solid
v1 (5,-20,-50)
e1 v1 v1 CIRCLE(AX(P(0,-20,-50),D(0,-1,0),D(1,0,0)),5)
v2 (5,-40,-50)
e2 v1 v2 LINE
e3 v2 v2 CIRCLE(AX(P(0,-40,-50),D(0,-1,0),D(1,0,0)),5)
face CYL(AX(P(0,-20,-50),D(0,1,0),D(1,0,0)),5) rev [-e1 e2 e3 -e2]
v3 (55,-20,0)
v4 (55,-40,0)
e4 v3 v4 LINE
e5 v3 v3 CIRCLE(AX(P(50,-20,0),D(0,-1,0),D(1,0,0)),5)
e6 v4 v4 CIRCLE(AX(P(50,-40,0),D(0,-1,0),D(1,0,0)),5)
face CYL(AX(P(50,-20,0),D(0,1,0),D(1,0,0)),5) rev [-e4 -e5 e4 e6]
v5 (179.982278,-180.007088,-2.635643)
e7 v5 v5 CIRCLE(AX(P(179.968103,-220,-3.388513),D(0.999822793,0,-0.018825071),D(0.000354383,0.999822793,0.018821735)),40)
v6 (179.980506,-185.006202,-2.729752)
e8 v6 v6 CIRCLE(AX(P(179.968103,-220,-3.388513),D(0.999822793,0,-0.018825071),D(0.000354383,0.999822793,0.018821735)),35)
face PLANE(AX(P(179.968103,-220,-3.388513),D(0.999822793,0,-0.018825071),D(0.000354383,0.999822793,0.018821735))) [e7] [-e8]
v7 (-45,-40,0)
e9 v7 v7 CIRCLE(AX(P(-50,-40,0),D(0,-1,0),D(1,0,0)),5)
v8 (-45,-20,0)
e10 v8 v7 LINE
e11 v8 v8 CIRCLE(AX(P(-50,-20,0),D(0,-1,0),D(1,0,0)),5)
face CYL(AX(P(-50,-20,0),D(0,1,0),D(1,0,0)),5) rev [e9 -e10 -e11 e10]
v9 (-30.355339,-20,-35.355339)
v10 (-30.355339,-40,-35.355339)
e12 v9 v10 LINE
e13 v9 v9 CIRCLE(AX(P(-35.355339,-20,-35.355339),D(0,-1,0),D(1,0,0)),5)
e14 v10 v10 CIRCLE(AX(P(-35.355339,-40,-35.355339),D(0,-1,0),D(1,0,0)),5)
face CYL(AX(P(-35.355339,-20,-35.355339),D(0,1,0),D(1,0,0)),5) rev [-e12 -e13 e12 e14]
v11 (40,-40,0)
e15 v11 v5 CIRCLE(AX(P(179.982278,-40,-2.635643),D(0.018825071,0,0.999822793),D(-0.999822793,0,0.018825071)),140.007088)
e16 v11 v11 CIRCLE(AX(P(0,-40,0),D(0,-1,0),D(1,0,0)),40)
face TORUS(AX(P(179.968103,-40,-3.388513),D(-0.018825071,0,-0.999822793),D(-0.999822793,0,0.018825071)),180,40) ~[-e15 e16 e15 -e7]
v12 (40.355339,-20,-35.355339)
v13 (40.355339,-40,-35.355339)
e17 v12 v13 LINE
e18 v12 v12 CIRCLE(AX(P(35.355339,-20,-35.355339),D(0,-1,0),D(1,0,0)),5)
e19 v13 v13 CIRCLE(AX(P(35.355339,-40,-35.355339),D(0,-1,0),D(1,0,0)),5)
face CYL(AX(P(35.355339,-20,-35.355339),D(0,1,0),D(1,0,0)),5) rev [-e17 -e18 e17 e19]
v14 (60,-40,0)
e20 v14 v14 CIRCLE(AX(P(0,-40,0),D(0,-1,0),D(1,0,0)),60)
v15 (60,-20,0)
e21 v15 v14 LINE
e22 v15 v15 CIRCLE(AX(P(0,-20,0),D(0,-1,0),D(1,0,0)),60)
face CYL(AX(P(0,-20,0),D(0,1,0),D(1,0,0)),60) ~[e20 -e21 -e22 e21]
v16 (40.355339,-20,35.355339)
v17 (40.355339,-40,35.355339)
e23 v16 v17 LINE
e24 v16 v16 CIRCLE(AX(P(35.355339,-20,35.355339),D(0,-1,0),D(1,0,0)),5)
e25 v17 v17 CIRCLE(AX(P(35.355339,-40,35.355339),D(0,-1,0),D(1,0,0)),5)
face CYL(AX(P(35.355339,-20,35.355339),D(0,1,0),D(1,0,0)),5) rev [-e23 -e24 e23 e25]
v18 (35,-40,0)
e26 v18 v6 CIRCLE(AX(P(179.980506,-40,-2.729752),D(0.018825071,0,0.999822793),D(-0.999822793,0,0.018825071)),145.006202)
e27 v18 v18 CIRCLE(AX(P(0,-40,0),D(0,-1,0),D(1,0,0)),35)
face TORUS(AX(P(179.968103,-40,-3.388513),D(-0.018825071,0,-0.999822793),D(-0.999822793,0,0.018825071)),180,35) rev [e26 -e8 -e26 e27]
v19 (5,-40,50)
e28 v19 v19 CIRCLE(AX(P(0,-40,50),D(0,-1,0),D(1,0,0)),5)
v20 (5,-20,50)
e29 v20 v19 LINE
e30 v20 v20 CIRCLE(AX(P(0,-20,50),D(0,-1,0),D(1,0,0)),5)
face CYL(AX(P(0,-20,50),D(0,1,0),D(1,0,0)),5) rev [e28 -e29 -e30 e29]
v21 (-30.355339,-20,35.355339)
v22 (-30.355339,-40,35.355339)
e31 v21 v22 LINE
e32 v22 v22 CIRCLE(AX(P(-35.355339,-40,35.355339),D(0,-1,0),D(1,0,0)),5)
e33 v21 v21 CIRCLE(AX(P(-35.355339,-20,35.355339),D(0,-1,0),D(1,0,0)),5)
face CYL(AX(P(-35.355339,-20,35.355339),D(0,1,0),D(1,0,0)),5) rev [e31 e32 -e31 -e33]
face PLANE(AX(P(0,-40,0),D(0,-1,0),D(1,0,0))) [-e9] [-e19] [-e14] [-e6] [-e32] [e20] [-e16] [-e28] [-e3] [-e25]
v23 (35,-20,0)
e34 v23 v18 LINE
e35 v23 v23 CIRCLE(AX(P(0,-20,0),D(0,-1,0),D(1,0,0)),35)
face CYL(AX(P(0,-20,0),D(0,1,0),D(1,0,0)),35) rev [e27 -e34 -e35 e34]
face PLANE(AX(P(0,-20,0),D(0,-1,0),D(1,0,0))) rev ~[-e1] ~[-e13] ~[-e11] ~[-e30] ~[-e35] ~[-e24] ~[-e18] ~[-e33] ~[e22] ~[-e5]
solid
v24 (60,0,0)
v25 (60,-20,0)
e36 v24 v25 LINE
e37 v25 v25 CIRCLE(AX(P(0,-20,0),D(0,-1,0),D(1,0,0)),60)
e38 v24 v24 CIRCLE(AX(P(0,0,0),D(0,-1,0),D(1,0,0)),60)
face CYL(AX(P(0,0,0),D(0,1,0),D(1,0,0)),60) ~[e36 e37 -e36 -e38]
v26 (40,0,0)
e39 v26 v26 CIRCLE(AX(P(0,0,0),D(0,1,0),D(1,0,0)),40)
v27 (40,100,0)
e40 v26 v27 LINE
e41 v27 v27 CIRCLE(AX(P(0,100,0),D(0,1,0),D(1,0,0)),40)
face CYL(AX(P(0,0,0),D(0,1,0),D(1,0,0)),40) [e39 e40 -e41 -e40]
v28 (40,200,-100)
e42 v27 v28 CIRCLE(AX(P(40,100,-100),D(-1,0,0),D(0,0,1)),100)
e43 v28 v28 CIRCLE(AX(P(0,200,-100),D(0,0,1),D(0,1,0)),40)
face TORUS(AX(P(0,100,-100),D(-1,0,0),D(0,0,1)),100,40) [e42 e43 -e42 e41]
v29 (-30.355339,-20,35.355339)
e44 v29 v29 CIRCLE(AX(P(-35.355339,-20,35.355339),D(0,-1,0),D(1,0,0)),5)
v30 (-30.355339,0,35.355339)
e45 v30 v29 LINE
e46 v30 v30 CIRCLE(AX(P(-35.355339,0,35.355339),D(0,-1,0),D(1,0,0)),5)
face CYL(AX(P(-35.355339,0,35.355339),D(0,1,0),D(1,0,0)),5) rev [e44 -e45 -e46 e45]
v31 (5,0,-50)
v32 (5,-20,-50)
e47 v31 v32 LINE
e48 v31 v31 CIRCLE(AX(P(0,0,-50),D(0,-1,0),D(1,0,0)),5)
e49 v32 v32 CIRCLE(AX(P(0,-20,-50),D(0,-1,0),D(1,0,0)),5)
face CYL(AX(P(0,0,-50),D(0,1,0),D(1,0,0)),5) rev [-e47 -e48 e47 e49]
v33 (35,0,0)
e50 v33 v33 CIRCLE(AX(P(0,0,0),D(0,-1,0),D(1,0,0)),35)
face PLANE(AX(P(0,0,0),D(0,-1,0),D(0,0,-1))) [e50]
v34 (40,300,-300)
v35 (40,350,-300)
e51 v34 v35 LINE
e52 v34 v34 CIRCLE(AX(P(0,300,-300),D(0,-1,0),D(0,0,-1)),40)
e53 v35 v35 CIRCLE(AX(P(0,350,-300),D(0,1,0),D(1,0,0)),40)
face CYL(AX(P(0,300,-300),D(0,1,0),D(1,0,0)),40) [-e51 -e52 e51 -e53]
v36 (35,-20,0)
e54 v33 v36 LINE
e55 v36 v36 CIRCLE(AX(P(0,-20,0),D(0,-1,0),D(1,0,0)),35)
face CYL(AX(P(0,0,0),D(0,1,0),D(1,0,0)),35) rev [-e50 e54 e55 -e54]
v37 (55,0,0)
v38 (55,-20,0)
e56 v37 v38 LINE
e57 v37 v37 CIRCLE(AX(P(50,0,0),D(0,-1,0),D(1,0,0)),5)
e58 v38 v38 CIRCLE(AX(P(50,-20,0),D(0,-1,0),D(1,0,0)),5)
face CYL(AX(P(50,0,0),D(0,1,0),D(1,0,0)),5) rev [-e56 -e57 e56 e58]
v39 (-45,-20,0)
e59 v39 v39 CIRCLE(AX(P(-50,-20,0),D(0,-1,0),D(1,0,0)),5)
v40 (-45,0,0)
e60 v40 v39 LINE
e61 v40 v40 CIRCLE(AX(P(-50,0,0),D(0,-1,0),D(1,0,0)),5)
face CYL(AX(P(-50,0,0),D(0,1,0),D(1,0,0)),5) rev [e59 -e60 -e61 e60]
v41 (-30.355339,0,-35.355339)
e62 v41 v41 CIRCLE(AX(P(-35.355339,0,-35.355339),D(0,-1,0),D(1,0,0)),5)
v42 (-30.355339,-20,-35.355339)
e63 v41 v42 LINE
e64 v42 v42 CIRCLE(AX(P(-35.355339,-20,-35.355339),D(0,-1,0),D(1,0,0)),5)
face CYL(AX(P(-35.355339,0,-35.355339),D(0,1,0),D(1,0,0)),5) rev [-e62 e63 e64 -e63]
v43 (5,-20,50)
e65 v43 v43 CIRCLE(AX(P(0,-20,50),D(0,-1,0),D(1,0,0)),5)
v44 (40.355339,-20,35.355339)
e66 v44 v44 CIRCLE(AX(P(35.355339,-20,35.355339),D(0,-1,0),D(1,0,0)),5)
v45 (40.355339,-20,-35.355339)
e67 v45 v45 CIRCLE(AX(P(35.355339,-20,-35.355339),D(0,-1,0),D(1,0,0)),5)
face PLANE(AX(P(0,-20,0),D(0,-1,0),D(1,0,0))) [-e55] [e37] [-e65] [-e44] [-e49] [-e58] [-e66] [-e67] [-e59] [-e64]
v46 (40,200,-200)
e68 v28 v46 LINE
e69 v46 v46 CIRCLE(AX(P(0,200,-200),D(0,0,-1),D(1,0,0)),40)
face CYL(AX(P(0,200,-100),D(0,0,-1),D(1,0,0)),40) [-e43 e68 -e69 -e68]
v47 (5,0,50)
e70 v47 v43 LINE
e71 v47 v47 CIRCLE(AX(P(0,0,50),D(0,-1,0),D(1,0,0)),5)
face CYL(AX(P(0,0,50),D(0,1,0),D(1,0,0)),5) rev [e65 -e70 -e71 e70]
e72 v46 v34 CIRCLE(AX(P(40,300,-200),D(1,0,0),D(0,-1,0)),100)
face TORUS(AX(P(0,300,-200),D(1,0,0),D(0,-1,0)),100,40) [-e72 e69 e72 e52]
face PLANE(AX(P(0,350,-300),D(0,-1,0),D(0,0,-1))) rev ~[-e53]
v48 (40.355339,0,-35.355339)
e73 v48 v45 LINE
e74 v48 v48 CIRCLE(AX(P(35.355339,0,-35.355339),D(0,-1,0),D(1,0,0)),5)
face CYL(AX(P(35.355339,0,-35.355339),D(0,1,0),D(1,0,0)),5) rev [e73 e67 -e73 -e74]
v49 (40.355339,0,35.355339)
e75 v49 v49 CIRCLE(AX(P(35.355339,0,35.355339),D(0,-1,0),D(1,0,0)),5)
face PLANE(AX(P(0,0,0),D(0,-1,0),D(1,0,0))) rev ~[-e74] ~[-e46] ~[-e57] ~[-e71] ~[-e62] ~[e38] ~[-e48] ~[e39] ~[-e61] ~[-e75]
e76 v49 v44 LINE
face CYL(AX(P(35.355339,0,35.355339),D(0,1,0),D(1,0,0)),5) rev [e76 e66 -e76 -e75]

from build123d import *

# Parameters (mm, degrees)
F0_R     = 60
F0_R_2   = 5
F0_R_3   = 35
F1_DEPTH = 20
F2_DEPTH = 20
F3_R     = 40
F5_R     = 35
F7_R     = 40
F7_R_2   = 35
F8_ANGLE = 90


with BuildPart() as f1:
    # F0 (on Front) → F1 (new body)
    with BuildSketch(Plane.XZ):
        Circle(F0_R)
        with Locations((-35.3553390593, -35.3553390593)):
            Circle(F0_R_2, mode=Mode.SUBTRACT)
        with Locations((0, -50)):
            Circle(F0_R_2, mode=Mode.SUBTRACT)
        with Locations((35.3553390593, -35.3553390593)):
            Circle(F0_R_2, mode=Mode.SUBTRACT)
        with Locations((-50, 0)):
            Circle(F0_R_2, mode=Mode.SUBTRACT)
        with Locations((-35.3553390593, 35.3553390593)):
            Circle(F0_R_2, mode=Mode.SUBTRACT)
        Circle(F0_R_3, mode=Mode.SUBTRACT)
        with Locations((50, 0)):
            Circle(F0_R_2, mode=Mode.SUBTRACT)
        with Locations((0, 50)):
            Circle(F0_R_2, mode=Mode.SUBTRACT)
        with Locations((35.3553390593, 35.3553390593)):
            Circle(F0_R_2, mode=Mode.SUBTRACT)
    extrude(amount=F1_DEPTH)


with BuildPart() as f2:
    # F2 (new): a face of the model
    f2_faces = [f1.part.faces().sort_by_distance(p)[0] for p in [
        (-58.3029437252, -20, 0),
    ]]
    extrude(f2_faces, amount=F2_DEPTH)

    # F7 (on face) → F8 (revolve)
    with BuildSketch(Plane.XZ.offset(40)):
        Circle(F7_R)
        Circle(F7_R_2, mode=Mode.SUBTRACT)
    revolve(axis=Axis((180.4506671496, -40, 22.2410825152), (0.0188250713, 0, 0.9998227926)), revolution_arc=F8_ANGLE)


with BuildPart() as f1_1:
    add(f1.part)

    # F6: sweep along a path in F4
    with BuildLine(Plane.YZ) as f6_path:
        Line((0, 0), (100, 0))
        ThreePointArc((100, 0), (170.7106781187, -29.2893218813), (200, -100))
        Line((200, -100), (200, -200))
        ThreePointArc((200, -200), (229.2893218813, -270.7106781187), (300, -300))
        Line((300, -300), (350, -300))
    # F3 (on Front) + F5 (on Front) → F6 (sweep)
    with BuildSketch(Plane.XZ):
        Circle(F3_R)
    with BuildSketch(Plane.XZ):
        Circle(F5_R)
    sweep(path=f6_path.line)


solid = Compound([f2.part, f1_1.part])
